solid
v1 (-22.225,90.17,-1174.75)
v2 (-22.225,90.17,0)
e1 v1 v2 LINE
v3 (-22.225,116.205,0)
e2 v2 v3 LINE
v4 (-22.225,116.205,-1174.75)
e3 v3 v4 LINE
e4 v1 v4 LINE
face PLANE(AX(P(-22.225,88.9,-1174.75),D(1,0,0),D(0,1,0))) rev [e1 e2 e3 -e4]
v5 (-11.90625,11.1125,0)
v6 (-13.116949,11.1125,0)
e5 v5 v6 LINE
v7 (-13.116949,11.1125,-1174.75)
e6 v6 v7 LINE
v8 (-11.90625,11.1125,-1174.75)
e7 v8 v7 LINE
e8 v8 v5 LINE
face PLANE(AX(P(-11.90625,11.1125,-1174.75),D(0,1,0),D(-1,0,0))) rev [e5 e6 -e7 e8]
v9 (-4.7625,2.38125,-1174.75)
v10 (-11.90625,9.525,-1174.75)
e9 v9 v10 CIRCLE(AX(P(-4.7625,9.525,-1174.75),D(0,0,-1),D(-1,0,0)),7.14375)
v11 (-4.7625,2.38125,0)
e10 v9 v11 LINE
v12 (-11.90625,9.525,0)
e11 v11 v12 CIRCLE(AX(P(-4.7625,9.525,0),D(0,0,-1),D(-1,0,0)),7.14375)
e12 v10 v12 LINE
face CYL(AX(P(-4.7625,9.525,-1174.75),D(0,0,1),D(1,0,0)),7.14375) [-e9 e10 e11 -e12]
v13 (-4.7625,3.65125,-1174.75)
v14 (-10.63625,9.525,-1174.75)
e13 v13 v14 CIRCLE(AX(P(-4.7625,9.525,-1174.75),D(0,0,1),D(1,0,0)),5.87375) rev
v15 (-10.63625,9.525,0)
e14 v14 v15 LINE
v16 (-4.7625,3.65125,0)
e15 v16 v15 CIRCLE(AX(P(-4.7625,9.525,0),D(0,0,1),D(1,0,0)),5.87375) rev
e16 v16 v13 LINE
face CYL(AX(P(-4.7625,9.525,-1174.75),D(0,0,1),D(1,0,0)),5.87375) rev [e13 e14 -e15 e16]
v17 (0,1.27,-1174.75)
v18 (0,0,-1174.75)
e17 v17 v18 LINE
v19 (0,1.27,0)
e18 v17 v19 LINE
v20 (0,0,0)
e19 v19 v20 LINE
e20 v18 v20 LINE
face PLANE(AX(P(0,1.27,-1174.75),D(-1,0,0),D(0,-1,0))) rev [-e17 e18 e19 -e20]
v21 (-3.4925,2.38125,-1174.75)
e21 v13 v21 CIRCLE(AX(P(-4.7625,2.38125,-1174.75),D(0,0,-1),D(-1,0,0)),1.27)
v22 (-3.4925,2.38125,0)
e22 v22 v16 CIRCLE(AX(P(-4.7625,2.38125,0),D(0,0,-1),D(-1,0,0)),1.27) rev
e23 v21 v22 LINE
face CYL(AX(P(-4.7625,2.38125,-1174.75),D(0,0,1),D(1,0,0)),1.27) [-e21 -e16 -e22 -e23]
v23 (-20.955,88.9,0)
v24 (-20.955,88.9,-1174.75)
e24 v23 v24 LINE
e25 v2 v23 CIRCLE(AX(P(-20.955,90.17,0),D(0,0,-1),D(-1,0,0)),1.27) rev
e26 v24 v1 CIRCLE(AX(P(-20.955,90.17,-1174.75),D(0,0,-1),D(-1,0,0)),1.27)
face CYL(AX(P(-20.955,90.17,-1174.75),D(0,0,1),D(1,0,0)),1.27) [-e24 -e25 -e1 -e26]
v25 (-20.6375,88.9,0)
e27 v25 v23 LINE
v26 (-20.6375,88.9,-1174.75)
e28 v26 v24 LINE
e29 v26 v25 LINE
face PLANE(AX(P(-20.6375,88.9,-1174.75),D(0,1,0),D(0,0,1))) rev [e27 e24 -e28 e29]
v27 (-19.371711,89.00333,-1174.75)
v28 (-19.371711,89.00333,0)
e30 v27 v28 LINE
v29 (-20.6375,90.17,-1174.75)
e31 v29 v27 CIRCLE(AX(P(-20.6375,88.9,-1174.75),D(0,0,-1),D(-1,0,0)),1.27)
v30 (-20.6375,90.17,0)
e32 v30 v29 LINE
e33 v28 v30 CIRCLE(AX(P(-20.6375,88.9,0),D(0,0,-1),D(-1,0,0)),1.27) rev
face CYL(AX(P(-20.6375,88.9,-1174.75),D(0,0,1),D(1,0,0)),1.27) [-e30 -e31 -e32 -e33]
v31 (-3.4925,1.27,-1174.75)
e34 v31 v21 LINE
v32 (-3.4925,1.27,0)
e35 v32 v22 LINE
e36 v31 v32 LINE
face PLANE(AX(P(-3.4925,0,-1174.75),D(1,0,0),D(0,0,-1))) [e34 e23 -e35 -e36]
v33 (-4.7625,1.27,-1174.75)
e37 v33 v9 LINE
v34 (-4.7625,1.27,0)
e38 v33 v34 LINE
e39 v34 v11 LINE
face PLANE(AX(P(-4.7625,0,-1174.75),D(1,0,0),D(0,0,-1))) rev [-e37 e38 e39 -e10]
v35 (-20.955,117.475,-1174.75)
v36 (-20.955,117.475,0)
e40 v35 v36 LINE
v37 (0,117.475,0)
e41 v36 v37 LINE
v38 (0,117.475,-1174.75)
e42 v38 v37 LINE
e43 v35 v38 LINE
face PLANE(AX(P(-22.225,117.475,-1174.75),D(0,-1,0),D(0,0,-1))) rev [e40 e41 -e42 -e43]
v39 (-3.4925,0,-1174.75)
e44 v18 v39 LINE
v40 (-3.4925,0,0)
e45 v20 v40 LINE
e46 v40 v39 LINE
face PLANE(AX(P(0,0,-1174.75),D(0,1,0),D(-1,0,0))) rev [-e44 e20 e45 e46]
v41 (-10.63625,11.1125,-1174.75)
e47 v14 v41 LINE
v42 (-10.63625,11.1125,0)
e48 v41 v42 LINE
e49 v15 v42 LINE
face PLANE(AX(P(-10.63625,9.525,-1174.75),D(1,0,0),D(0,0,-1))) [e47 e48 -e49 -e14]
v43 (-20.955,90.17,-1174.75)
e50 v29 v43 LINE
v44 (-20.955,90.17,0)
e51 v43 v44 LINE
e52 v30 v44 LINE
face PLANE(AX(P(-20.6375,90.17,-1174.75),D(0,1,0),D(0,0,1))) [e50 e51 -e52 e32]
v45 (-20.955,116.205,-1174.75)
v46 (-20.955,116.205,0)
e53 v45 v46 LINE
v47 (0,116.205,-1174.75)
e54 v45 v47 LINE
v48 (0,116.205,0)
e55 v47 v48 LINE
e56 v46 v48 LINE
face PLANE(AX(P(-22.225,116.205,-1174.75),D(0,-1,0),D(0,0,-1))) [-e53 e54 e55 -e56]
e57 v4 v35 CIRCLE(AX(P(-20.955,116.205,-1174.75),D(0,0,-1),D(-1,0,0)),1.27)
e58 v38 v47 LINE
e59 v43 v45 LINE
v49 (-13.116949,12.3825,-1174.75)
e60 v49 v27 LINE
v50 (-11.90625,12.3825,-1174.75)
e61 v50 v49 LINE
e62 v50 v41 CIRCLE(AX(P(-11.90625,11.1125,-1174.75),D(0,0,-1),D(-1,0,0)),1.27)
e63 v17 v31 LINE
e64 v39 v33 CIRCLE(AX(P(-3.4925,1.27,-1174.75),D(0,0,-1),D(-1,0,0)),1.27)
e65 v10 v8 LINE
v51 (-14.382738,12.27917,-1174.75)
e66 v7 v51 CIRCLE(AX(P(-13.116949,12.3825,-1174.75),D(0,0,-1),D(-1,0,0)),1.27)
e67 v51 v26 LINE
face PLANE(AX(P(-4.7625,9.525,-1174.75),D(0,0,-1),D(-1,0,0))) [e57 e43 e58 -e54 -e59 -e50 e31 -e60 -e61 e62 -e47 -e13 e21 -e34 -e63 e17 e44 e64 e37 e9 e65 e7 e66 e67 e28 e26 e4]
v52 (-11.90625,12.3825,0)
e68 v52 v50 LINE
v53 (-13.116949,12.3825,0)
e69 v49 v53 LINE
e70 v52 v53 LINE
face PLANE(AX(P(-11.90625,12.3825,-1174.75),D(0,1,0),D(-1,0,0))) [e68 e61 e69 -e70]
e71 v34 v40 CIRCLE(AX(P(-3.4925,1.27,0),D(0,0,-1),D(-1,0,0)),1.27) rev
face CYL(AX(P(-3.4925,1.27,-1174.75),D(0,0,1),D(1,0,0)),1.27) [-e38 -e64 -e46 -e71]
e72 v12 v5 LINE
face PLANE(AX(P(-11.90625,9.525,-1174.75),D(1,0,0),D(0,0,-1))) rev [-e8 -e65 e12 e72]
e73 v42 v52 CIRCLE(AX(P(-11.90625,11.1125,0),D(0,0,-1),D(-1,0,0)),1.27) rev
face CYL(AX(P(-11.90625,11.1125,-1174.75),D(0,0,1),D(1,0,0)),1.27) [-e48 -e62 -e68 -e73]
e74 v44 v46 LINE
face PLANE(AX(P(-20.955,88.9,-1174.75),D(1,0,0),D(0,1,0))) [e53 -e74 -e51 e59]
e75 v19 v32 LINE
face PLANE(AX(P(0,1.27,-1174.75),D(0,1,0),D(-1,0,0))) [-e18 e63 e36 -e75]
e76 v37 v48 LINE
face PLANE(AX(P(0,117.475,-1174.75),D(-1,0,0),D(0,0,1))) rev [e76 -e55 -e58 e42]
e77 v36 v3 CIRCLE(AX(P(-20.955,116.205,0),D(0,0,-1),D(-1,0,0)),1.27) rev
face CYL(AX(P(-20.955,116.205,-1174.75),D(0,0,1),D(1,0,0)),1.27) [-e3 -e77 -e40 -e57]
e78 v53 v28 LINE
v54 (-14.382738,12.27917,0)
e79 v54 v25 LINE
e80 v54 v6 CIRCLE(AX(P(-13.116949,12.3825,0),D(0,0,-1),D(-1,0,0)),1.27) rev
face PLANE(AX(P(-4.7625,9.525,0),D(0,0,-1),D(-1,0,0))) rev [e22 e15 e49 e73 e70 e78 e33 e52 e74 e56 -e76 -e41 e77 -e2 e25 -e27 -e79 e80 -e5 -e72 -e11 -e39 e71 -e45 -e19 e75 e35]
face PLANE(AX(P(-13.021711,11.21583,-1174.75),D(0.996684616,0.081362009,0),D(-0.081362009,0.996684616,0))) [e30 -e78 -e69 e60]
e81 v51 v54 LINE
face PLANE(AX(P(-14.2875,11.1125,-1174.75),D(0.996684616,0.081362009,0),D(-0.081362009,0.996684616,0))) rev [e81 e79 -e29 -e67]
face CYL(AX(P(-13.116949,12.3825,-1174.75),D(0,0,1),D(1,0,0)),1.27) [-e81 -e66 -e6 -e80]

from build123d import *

# Parameters (mm, degrees)
EXTRUDE_THIN1_DEPTH = 1174.75
FILLET1_R           = 1.27


with BuildPart() as part:
    # Sketch1 → Extrude-Thin1 (new body)
    with BuildSketch(Plane.XY):
        with BuildLine():
            Line((0, 0), (-4.7625, 0))
            Line((-4.7625, 0), (-4.7625, 2.38125))
            ThreePointArc((-4.7625, 2.38125), (-9.813894, 4.473606), (-11.90625, 9.525))
            Line((-11.90625, 9.525), (-11.90625, 11.1125))
            Line((-11.90625, 11.1125), (-14.2875, 11.1125))
            Line((-14.2875, 11.1125), (-20.6375, 88.9))
            Line((-20.6375, 88.9), (-22.225, 88.9))
            Line((-22.225, 88.9), (-22.225, 117.475))
            Line((-22.225, 117.475), (0, 117.475))
            Line((0, 117.475), (0, 116.205))
            Line((0, 116.205), (-20.955, 116.205))
            Line((-20.955, 116.205), (-20.955, 90.17))
            Line((-20.955, 90.17), (-19.466949, 90.17))
            Line((-19.466949, 90.17), (-13.116949, 12.3825))
            Line((-13.116949, 12.3825), (-10.63625, 12.3825))
            Line((-10.63625, 12.3825), (-10.63625, 9.525))
            ThreePointArc((-10.63625, 9.525), (-8.439542, 4.944574), (-3.4925, 3.790191))
            Line((-3.4925, 3.790191), (-3.4925, 1.27))
            Line((-3.4925, 1.27), (0, 1.27))
            Line((0, 1.27), (0, 0))
        make_face()
    extrude(amount=-EXTRUDE_THIN1_DEPTH)

    # Fillet1
    fillet1_edges = [part.edges().sort_by_distance(p)[0] for p in [
        (-19.466949, 90.17, -587.375),
        (-10.63625, 12.3825, -587.375),
        (-3.4925, 3.790191, -587.375),
        (-4.7625, 0, -587.375),
        (-14.2875, 11.1125, -587.375),
        (-22.225, 88.9, -587.375),
        (-22.225, 117.475, -587.375),
    ]]
    fillet(fillet1_edges, radius=FILLET1_R)


solid = part.part
